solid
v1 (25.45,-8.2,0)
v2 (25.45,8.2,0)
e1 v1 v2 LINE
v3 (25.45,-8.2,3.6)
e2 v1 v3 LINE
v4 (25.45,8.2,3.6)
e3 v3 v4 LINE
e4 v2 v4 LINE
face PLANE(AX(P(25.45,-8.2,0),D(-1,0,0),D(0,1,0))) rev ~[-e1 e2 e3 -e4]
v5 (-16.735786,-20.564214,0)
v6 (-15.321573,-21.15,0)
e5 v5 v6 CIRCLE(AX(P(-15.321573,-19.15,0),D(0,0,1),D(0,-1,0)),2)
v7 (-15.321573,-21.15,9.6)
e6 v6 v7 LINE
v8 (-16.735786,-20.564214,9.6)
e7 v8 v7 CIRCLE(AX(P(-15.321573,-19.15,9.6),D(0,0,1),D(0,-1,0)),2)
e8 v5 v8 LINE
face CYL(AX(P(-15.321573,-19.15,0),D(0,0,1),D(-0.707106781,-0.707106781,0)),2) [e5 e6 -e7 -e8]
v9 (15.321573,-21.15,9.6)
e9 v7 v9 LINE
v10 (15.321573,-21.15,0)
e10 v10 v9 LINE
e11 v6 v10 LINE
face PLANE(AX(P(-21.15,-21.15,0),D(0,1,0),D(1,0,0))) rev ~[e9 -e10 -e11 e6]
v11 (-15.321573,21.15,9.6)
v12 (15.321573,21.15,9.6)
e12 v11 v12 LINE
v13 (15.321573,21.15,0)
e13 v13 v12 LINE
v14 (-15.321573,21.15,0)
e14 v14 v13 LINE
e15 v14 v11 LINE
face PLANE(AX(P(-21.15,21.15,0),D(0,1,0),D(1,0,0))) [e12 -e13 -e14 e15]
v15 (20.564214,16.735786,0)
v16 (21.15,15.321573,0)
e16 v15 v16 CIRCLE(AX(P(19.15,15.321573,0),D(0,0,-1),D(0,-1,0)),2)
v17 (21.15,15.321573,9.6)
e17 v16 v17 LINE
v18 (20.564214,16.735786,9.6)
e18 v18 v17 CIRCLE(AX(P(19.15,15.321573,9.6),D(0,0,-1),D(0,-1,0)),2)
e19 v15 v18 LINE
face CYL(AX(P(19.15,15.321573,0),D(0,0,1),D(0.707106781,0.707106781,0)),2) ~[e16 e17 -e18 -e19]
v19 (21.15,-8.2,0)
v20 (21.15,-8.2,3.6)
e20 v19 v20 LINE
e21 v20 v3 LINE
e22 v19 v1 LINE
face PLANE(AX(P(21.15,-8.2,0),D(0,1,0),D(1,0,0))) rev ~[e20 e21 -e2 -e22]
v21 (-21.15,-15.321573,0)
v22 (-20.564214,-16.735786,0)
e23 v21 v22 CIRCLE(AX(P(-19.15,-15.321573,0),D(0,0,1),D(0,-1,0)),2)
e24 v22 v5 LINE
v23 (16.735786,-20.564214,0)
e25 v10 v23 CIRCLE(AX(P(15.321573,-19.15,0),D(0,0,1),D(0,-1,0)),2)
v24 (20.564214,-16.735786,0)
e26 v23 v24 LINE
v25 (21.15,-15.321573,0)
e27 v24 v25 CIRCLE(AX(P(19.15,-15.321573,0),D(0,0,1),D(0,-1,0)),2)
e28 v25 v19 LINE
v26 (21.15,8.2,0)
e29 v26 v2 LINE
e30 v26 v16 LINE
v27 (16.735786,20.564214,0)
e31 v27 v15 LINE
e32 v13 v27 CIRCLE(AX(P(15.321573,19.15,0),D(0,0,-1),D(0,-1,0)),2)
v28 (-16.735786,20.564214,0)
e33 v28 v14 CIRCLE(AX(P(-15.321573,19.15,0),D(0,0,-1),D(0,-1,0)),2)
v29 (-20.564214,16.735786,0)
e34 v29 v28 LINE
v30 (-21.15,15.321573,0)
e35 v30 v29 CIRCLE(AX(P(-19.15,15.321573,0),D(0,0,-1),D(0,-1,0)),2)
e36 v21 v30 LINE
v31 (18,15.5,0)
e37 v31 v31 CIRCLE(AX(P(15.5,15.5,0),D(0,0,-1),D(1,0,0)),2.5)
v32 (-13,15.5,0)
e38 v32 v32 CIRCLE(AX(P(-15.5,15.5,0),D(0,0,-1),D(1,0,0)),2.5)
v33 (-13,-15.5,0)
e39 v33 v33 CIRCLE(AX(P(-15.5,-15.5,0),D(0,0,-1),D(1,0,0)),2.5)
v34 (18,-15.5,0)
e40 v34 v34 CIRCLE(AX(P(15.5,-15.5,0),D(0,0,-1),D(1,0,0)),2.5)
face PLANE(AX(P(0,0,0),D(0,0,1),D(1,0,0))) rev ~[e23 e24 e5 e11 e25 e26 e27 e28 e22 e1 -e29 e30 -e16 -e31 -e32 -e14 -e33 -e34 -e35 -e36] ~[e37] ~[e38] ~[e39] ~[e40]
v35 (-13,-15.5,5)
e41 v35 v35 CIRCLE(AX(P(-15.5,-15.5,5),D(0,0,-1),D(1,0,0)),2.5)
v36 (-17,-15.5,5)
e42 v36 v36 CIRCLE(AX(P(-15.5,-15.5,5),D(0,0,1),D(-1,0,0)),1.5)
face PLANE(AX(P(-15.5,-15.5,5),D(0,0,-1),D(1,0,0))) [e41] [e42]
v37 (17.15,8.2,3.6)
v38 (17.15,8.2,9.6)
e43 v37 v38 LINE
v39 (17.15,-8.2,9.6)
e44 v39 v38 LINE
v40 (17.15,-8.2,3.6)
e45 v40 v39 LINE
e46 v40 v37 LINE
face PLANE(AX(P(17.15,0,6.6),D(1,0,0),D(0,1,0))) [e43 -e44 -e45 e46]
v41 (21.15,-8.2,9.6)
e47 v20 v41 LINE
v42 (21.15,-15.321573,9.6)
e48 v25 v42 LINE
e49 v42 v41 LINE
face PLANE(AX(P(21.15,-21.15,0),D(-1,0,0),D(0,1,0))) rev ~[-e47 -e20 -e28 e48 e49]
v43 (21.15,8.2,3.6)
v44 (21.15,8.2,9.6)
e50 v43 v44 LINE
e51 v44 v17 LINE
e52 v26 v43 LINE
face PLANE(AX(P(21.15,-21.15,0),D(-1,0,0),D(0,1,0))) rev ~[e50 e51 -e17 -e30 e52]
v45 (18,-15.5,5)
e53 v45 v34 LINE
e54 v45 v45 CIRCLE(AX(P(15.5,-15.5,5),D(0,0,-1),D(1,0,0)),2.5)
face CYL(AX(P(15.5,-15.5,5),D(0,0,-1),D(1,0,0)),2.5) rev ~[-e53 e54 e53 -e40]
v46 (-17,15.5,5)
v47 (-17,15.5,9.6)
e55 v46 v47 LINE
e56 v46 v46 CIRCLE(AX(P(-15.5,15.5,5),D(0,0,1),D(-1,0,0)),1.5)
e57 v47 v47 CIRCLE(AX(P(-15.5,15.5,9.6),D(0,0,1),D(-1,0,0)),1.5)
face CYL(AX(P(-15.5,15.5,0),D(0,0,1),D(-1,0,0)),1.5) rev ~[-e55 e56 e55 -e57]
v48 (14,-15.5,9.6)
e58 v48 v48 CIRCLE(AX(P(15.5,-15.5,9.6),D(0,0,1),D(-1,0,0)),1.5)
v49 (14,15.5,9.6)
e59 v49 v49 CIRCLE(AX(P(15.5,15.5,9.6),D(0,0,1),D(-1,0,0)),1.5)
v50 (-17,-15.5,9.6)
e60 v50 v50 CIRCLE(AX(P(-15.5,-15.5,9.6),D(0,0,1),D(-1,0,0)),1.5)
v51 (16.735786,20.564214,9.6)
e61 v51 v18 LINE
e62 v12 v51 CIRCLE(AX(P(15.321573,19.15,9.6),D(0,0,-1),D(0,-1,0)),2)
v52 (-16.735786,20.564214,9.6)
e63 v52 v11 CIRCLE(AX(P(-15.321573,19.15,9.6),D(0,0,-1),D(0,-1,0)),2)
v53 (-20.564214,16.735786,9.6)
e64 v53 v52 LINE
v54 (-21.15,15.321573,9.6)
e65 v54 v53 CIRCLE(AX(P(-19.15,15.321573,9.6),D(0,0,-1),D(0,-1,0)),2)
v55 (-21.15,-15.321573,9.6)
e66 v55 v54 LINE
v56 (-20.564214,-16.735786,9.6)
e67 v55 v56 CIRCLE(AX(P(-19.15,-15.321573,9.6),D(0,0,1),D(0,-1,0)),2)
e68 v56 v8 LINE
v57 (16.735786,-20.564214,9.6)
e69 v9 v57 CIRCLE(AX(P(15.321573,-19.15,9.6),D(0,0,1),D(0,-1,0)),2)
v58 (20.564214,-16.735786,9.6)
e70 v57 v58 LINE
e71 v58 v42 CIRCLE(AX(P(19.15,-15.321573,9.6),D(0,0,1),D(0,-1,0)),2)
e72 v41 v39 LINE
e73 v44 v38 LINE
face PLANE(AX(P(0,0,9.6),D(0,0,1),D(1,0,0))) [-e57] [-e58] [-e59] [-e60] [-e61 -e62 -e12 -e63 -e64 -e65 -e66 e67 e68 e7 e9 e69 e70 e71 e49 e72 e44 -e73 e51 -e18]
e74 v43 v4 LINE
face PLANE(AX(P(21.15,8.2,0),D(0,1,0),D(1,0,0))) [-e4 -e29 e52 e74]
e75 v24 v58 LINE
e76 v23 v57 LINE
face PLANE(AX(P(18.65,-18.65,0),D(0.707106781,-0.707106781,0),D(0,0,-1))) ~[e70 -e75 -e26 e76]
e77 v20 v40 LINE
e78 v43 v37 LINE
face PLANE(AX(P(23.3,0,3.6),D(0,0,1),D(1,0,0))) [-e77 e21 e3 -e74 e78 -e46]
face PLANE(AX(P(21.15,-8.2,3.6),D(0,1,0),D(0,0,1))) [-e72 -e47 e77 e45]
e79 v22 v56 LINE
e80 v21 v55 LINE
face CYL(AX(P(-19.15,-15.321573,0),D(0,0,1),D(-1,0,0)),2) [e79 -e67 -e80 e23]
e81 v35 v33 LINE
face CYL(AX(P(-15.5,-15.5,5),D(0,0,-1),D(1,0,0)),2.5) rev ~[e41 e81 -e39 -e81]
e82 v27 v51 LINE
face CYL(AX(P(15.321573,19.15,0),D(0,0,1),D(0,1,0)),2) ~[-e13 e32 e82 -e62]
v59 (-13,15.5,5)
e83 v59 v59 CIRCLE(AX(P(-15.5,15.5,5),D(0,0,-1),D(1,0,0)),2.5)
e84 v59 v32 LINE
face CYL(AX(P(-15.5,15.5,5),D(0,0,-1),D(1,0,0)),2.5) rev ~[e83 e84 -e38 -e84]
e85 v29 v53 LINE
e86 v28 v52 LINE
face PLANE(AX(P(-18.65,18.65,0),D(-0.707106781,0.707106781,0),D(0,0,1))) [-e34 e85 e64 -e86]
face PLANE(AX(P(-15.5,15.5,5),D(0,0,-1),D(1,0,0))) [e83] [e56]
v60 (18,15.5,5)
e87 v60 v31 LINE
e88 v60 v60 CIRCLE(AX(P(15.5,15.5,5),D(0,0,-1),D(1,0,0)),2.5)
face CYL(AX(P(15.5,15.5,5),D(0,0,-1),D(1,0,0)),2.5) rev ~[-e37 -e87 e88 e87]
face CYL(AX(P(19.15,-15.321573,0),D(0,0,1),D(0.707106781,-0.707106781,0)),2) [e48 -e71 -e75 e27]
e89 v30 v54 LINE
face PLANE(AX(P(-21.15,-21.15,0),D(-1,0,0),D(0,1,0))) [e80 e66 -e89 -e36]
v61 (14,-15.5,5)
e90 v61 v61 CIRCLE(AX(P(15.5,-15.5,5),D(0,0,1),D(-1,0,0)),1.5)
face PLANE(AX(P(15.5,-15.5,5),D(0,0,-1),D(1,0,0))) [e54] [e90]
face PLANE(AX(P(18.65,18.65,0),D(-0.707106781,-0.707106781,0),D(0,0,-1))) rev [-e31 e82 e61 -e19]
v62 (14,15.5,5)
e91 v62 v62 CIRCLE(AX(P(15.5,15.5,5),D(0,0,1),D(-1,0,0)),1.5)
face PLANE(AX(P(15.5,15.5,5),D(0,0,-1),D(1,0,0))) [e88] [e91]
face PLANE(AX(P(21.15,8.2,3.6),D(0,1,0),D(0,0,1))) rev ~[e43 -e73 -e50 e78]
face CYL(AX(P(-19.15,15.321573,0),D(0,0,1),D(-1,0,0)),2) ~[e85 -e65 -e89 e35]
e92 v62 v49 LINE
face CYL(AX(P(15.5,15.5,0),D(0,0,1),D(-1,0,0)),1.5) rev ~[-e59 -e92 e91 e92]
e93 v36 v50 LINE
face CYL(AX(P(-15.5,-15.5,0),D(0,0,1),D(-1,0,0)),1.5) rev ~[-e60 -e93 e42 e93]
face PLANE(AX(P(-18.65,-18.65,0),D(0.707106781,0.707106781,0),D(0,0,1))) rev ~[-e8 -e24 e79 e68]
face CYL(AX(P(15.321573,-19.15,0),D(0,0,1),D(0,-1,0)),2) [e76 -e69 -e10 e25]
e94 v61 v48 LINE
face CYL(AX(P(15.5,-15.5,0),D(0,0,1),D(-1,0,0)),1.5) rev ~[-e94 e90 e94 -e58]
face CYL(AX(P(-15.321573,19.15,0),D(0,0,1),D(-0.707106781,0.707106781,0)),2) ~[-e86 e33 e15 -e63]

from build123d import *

# Parameters (mm, degrees)
SKETCH116_W      = 42.3
SKETCH116_H      = 42.3
PAD048_DEPTH     = 9.6
SKETCH118_W      = 4.3
SKETCH118_H      = 16.4
PAD001_DEPTH     = 3.6
CHAMFER005_SIZE  = 5
FILLET_R         = 2
HOLE_D           = 3
HOLE_DEPTH       = 25
HOLE_CBORE_D     = 5
HOLE_CBORE_DEPTH = 5
SKETCH013_W      = 16.4
SKETCH013_H      = 6
POCKET013_DEPTH  = 4


with BuildPart() as part:
    # Sketch116 → Pad048 (new body)
    with BuildSketch(Plane.XY):
        Rectangle(SKETCH116_W, SKETCH116_H)
    extrude(amount=PAD048_DEPTH)

    # Sketch118 → Pad001 (join)
    with BuildSketch(Plane.XY):
        with Locations((23.3, 0)):
            Rectangle(SKETCH118_W, SKETCH118_H)
    extrude(amount=PAD001_DEPTH)

    # Chamfer005
    chamfer005_edges = [part.edges().sort_by_distance(p)[0] for p in [
        (21.15, -21.15, 4.8),
        (-21.15, -21.15, 4.8),
        (-21.15, 21.15, 4.8),
        (21.15, 21.15, 4.8),
    ]]
    chamfer(chamfer005_edges, length=CHAMFER005_SIZE)

    # Fillet
    fillet_edges = [part.edges().sort_by_distance(p)[0] for p in [
        (16.15, -21.15, 4.8),
        (21.15, -16.15, 4.8),
        (21.15, 16.15, 4.8),
        (16.15, 21.15, 4.8),
        (-16.15, 21.15, 4.8),
        (-21.15, 16.15, 4.8),
        (-16.15, -21.15, 4.8),
        (-21.15, -16.15, 4.8),
    ]]
    fillet(fillet_edges, radius=FILLET_R)

    # Hole
    with Locations(Plane(origin=(0, 0, 0), x_dir=(1, 0, 0), z_dir=(0, 0, -1))):
        with Locations((-15.5, 15.5), (15.5, 15.5), (15.5, -15.5), (-15.5, -15.5)):
            CounterBoreHole(HOLE_D / 2, HOLE_CBORE_D / 2, HOLE_CBORE_DEPTH, depth=HOLE_DEPTH)

    # Sketch013 (on Face11 of Hole) → Pocket013 (cut)
    with BuildSketch(Plane.YZ.offset(21.15)):
        with Locations((0, 6.6)):
            Rectangle(SKETCH013_W, SKETCH013_H)
    extrude(amount=-POCKET013_DEPTH, mode=Mode.SUBTRACT)


solid = part.part
